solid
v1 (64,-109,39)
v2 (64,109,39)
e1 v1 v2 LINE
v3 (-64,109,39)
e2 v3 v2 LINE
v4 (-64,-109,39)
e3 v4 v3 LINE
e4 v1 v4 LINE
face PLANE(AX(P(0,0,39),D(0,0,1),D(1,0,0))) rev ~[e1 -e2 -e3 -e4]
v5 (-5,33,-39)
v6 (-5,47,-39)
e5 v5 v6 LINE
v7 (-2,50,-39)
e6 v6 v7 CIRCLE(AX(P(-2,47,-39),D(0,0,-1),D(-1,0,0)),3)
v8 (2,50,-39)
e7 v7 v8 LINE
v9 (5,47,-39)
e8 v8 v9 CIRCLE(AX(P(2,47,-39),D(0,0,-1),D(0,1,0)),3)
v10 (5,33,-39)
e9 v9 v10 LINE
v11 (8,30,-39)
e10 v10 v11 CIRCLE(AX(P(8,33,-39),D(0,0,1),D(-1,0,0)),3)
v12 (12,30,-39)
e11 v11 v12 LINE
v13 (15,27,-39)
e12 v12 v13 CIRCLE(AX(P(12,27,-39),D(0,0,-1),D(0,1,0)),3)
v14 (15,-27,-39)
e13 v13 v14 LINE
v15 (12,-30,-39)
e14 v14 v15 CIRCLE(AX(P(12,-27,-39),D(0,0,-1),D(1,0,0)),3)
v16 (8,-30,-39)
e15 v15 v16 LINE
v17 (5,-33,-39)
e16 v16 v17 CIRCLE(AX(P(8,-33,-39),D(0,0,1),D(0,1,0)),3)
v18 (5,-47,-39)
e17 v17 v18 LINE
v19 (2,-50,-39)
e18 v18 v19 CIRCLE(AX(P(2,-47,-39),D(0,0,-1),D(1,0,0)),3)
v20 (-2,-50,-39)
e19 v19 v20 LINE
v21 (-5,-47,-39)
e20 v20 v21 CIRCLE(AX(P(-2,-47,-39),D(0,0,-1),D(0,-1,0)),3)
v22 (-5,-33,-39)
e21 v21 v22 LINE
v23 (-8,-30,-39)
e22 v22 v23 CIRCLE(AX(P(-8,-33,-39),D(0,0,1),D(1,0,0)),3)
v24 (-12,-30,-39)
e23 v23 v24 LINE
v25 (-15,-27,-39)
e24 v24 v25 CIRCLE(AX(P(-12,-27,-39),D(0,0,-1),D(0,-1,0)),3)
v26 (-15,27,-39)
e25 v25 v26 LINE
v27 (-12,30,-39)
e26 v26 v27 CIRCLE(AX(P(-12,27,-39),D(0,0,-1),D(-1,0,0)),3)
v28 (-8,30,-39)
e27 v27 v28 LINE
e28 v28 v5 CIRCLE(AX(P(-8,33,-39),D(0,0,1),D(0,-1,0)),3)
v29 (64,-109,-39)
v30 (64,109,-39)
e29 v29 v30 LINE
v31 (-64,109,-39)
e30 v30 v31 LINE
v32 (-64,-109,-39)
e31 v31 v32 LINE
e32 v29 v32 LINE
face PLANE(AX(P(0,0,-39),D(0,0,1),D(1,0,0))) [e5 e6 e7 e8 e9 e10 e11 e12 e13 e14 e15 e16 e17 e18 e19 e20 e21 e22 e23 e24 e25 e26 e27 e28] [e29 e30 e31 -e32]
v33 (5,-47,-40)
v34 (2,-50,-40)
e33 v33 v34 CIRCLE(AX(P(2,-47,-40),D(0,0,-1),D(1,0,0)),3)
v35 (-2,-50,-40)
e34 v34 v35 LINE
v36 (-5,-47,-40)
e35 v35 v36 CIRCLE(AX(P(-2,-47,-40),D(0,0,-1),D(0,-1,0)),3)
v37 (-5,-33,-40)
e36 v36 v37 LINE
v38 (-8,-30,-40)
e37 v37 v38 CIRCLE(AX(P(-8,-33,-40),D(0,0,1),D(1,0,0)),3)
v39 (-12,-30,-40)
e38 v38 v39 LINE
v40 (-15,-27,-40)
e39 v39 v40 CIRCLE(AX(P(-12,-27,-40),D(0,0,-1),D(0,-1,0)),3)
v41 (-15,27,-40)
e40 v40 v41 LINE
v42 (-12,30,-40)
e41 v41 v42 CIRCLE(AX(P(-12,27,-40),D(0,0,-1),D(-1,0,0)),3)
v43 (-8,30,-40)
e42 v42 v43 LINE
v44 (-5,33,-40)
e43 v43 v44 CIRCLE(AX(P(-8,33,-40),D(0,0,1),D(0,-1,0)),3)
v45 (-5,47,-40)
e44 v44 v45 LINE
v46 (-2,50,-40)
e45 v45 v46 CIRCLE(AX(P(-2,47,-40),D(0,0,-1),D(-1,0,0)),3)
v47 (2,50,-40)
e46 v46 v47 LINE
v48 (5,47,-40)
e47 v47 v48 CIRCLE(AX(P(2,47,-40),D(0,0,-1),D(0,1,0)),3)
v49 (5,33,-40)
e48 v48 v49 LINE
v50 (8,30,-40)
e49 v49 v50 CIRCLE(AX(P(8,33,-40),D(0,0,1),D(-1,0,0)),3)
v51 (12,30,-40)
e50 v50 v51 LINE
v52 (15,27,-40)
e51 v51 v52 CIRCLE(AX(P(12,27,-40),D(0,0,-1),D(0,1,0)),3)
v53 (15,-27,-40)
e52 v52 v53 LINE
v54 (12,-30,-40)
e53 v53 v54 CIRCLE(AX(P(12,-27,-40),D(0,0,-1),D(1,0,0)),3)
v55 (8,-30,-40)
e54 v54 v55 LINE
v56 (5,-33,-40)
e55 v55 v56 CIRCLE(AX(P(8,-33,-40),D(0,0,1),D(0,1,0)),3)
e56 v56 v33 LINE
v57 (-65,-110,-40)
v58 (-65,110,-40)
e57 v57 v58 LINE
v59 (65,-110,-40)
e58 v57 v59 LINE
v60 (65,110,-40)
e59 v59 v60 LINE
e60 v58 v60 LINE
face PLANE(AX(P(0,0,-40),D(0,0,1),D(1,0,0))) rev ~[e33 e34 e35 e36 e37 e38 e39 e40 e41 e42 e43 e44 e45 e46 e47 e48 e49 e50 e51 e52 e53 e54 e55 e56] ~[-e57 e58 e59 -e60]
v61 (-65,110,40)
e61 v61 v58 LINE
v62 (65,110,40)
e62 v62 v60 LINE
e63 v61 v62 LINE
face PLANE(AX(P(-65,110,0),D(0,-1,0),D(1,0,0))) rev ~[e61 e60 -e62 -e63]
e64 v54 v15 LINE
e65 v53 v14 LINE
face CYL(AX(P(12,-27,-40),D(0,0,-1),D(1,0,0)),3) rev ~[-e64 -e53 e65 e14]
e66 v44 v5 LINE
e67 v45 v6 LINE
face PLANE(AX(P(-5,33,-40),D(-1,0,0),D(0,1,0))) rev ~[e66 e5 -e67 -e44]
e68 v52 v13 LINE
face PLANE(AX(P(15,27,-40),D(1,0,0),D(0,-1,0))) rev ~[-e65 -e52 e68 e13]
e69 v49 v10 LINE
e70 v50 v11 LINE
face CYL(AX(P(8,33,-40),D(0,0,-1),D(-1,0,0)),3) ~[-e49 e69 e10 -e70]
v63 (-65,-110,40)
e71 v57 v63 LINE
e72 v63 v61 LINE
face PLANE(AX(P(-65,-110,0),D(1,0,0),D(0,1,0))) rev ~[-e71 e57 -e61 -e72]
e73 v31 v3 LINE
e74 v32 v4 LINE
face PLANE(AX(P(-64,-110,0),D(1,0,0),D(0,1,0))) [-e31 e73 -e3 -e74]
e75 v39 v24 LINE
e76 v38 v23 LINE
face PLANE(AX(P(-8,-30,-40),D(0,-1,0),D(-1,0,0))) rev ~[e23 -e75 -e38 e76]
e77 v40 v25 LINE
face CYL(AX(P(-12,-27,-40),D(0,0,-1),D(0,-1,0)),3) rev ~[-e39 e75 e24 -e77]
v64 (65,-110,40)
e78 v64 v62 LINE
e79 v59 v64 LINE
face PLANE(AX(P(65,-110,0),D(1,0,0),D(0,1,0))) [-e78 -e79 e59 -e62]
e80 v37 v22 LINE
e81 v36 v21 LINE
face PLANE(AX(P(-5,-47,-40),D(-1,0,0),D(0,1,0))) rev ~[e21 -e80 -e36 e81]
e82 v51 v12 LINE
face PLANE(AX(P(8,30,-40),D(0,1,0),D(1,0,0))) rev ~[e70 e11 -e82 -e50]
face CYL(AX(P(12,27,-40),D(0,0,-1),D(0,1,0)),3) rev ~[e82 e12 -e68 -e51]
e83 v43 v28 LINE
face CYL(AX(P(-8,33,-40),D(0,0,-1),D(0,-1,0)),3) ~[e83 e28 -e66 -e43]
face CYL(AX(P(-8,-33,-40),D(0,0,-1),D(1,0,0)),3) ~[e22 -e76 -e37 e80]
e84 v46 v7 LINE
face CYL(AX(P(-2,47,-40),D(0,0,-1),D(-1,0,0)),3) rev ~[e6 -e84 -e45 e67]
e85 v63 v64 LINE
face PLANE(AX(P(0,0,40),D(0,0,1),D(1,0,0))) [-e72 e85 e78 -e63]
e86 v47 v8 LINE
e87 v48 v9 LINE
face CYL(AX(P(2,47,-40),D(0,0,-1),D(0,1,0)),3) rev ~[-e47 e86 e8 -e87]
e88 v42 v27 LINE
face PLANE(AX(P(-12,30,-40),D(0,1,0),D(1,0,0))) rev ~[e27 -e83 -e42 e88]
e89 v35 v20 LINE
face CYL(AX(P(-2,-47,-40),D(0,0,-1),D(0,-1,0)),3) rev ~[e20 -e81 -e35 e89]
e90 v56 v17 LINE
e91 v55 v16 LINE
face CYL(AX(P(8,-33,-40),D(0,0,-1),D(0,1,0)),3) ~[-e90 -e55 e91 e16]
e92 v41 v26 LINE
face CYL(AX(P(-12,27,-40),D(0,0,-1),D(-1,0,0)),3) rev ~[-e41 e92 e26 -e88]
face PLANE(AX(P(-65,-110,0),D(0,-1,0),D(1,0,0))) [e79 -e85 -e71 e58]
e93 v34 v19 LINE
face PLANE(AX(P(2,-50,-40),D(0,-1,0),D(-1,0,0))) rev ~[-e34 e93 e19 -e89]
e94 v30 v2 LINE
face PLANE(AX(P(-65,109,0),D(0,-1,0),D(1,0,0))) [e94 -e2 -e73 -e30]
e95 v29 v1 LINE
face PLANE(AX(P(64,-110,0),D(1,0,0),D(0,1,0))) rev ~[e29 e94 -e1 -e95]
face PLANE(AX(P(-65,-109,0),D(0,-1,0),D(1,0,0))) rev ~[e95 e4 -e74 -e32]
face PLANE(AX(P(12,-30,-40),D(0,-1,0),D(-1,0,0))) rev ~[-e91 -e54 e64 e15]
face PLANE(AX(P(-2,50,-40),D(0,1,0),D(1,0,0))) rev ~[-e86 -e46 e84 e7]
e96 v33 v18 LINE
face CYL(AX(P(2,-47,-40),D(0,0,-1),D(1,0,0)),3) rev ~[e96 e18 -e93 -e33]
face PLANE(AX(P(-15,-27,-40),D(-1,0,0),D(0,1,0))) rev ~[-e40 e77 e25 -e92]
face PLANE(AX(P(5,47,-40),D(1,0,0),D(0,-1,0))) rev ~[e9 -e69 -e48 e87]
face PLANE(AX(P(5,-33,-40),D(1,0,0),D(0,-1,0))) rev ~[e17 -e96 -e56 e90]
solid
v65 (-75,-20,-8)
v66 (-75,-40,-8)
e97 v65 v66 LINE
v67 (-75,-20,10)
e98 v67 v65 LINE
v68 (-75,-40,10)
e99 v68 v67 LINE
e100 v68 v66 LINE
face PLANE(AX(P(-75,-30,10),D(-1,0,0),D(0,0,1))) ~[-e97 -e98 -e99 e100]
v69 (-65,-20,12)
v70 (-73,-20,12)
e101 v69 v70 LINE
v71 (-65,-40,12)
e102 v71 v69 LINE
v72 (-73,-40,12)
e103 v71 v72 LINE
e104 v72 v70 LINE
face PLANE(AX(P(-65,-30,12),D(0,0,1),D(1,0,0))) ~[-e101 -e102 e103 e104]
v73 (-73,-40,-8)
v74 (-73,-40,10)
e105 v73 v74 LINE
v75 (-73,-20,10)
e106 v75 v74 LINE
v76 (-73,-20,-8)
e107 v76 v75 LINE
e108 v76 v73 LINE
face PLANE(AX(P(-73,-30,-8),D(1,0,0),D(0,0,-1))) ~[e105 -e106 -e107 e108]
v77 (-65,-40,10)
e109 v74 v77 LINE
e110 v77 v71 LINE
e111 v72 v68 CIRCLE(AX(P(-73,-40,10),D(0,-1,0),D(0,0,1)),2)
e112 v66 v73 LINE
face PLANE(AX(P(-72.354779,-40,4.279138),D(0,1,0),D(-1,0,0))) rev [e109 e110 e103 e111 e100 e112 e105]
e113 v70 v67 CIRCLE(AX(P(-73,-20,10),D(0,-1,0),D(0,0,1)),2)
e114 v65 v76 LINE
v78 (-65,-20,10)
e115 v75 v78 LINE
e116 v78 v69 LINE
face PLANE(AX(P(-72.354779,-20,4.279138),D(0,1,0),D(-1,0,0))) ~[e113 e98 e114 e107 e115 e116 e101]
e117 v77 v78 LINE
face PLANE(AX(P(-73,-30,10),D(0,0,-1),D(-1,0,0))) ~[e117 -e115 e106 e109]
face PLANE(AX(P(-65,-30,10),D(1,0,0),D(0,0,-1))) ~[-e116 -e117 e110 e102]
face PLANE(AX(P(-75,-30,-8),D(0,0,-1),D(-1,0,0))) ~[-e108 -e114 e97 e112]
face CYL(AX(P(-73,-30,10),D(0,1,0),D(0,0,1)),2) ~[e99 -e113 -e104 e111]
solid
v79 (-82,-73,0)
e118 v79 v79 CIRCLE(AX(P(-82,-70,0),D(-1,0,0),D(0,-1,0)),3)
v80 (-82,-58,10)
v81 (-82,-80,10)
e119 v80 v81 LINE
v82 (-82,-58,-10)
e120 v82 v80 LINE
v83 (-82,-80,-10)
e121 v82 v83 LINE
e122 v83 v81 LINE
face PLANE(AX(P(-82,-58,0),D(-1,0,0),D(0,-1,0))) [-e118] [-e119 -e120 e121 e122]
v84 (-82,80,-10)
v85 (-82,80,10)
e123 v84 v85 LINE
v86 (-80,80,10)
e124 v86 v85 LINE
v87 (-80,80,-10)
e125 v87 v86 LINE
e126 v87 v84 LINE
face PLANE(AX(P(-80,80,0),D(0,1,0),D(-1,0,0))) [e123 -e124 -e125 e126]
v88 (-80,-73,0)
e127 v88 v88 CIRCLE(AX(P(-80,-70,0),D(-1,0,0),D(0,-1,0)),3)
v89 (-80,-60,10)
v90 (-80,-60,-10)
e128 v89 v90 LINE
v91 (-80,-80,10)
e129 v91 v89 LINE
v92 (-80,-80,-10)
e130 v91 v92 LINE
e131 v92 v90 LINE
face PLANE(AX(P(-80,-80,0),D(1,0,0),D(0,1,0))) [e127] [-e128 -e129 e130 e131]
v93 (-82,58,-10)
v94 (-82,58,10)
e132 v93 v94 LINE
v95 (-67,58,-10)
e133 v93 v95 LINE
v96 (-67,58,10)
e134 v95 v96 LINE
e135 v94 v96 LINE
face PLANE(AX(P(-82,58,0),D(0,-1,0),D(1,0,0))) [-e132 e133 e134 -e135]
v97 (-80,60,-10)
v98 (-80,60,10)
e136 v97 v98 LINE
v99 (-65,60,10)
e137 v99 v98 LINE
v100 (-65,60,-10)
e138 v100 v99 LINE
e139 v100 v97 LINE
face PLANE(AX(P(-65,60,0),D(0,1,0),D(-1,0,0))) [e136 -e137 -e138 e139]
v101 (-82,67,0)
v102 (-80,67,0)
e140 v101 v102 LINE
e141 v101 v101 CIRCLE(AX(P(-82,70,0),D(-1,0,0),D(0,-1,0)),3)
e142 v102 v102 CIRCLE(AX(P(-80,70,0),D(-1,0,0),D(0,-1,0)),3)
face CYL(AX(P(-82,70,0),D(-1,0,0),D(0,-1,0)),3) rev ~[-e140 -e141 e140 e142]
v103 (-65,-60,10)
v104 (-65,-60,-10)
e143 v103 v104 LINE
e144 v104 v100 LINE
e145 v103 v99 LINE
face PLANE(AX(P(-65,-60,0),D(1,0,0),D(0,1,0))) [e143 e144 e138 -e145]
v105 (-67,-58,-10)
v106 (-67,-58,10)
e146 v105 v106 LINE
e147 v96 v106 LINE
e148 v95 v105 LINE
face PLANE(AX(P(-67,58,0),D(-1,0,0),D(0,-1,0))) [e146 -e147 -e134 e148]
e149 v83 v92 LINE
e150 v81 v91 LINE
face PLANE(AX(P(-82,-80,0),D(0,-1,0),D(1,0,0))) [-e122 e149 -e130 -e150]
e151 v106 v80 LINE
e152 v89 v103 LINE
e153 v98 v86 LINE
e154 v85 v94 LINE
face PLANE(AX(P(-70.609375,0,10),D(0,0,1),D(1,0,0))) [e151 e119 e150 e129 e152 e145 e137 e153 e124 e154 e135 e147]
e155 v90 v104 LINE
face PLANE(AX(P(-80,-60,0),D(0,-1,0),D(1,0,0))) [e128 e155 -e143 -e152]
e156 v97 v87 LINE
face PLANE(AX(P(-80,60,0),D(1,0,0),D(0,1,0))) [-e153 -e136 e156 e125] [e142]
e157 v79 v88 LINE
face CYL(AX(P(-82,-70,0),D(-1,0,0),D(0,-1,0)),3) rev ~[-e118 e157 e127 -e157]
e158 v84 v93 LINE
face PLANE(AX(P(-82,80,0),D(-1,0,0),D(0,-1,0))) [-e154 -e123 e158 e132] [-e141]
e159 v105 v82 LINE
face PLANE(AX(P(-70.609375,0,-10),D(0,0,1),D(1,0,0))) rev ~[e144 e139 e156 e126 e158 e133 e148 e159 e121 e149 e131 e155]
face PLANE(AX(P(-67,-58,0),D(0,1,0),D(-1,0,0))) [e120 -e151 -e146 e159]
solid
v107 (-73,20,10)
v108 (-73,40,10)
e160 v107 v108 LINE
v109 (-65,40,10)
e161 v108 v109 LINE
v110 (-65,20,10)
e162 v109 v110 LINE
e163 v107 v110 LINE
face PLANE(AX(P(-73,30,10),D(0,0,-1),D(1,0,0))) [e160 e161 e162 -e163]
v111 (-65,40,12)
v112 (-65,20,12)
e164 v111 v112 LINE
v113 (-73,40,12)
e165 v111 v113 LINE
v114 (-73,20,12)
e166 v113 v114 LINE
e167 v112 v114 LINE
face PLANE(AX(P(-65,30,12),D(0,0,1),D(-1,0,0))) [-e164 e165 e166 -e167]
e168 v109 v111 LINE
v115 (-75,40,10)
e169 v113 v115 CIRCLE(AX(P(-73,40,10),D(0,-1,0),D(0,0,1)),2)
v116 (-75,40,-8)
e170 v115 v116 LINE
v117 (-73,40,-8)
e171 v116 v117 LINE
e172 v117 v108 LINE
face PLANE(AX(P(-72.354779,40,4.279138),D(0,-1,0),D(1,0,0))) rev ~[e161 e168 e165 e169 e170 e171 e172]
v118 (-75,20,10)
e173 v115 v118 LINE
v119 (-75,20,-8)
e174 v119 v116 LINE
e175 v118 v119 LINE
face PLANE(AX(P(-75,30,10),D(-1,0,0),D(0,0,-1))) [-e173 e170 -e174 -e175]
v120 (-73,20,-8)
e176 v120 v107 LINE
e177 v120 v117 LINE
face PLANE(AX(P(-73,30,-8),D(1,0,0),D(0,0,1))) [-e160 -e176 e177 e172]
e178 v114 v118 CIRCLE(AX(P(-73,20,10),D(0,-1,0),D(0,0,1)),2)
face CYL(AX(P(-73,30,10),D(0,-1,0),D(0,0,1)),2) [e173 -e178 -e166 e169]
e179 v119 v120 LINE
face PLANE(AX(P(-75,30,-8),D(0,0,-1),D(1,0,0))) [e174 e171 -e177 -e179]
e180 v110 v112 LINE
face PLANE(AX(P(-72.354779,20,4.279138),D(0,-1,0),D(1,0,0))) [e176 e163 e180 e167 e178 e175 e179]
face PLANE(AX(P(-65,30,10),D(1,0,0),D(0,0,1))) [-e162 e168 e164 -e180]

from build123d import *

# Parameters (mm, degrees)
F0_W      = 130
F0_H      = 220
F1_DEPTH  = 40
F2_T      = -1
F4_DEPTH  = 1
F6_DEPTH  = 10
F7_R      = 3
F8_DEPTH  = 2
F11_DEPTH = 10


with BuildPart() as f1:
    # F0 (on Top) → F1 (new body, symmetric)
    with BuildSketch(Plane.XY):
        Rectangle(F0_W, F0_H)
    extrude(amount=F1_DEPTH, both=True)

    # F2 (hollow: no face is removed)
    offset(amount=F2_T, mode=Mode.SUBTRACT)

    # F3 (on face) → F4 (cut, through all)
    with BuildSketch(Plane(origin=(0, 0, -40), x_dir=(1, 0, 0), z_dir=(0, 0, -1))):
        with BuildLine():
            Line((2, 50), (-2, 50))
            ThreePointArc((-2, 50), (-4.1213203436, 49.1213203436), (-5, 47))
            Line((-5, 47), (-5, 33))
            ThreePointArc((-5, 33), (-5.8786796564, 30.8786796564), (-8, 30))
            Line((-8, 30), (-12, 30))
            ThreePointArc((-12, 30), (-14.1213203436, 29.1213203436), (-15, 27))
            Line((-15, 27), (-15, -27))
            ThreePointArc((-15, -27), (-14.1213203436, -29.1213203436), (-12, -30))
            Line((-12, -30), (-8, -30))
            ThreePointArc((-8, -30), (-5.8786796564, -30.8786796564), (-5, -33))
            Line((-5, -33), (-5, -47))
            ThreePointArc((-5, -47), (-4.1213203436, -49.1213203436), (-2, -50))
            Line((-2, -50), (2, -50))
            ThreePointArc((2, -50), (4.1213203436, -49.1213203436), (5, -47))
            Line((5, -47), (5, -33))
            ThreePointArc((5, -33), (5.8786796564, -30.8786796564), (8, -30))
            Line((8, -30), (12, -30))
            ThreePointArc((12, -30), (14.1213203436, -29.1213203436), (15, -27))
            Line((15, -27), (15, 27))
            ThreePointArc((15, 27), (14.1213203436, 29.1213203436), (12, 30))
            Line((12, 30), (8, 30))
            ThreePointArc((8, 30), (5.8786796564, 30.8786796564), (5, 33))
            Line((5, 33), (5, 47))
            ThreePointArc((5, 47), (4.1213203436, 49.1213203436), (2, 50))
        make_face()
    extrude(amount=-F4_DEPTH, mode=Mode.SUBTRACT)


with BuildPart() as f6:
    # F5 (on Top) → F6 (new body, symmetric)
    with BuildSketch(Plane.XY):
        Polygon((-65, -60), (-65, 60), (-80, 60), (-80, 80), (-82, 80), (-82, 58), (-67, 58), (-67, -58), (-82, -58), (-82, -80), (-80, -80), (-80, -60), align=None)
    extrude(amount=F6_DEPTH, both=True)

    # F7 (on face) → F8 (cut, through all)
    with BuildSketch(Plane(origin=(-82, 0, 0), x_dir=(0, -1, 0), z_dir=(-1, 0, 0))):
        with Locations((-70, 0)):
            Circle(F7_R)
        with Locations((70, 0)):
            Circle(F7_R)
    extrude(amount=-F8_DEPTH, mode=Mode.SUBTRACT)


with BuildPart() as f11:
    # F10 (on offset) → F11 (new body, symmetric)
    with BuildSketch(Plane.XZ.offset(-30)):
        with BuildLine():
            Line((-73, 10), (-65, 10))
            Line((-65, 10), (-65, 12))
            Line((-65, 12), (-73, 12))
            ThreePointArc((-73, 12), (-74.4142135624, 11.4142135624), (-75, 10))
            Line((-75, 10), (-75, -8))
            Line((-75, -8), (-73, -8))
            Line((-73, -8), (-73, 10))
        make_face()
    extrude(amount=F11_DEPTH, both=True)


with BuildPart() as f12_1:
    # F12: instance of F11
    add(f11.part.mirror(Plane.XZ))


solid = Compound([f1.part, f6.part, f11.part, f12_1.part])
